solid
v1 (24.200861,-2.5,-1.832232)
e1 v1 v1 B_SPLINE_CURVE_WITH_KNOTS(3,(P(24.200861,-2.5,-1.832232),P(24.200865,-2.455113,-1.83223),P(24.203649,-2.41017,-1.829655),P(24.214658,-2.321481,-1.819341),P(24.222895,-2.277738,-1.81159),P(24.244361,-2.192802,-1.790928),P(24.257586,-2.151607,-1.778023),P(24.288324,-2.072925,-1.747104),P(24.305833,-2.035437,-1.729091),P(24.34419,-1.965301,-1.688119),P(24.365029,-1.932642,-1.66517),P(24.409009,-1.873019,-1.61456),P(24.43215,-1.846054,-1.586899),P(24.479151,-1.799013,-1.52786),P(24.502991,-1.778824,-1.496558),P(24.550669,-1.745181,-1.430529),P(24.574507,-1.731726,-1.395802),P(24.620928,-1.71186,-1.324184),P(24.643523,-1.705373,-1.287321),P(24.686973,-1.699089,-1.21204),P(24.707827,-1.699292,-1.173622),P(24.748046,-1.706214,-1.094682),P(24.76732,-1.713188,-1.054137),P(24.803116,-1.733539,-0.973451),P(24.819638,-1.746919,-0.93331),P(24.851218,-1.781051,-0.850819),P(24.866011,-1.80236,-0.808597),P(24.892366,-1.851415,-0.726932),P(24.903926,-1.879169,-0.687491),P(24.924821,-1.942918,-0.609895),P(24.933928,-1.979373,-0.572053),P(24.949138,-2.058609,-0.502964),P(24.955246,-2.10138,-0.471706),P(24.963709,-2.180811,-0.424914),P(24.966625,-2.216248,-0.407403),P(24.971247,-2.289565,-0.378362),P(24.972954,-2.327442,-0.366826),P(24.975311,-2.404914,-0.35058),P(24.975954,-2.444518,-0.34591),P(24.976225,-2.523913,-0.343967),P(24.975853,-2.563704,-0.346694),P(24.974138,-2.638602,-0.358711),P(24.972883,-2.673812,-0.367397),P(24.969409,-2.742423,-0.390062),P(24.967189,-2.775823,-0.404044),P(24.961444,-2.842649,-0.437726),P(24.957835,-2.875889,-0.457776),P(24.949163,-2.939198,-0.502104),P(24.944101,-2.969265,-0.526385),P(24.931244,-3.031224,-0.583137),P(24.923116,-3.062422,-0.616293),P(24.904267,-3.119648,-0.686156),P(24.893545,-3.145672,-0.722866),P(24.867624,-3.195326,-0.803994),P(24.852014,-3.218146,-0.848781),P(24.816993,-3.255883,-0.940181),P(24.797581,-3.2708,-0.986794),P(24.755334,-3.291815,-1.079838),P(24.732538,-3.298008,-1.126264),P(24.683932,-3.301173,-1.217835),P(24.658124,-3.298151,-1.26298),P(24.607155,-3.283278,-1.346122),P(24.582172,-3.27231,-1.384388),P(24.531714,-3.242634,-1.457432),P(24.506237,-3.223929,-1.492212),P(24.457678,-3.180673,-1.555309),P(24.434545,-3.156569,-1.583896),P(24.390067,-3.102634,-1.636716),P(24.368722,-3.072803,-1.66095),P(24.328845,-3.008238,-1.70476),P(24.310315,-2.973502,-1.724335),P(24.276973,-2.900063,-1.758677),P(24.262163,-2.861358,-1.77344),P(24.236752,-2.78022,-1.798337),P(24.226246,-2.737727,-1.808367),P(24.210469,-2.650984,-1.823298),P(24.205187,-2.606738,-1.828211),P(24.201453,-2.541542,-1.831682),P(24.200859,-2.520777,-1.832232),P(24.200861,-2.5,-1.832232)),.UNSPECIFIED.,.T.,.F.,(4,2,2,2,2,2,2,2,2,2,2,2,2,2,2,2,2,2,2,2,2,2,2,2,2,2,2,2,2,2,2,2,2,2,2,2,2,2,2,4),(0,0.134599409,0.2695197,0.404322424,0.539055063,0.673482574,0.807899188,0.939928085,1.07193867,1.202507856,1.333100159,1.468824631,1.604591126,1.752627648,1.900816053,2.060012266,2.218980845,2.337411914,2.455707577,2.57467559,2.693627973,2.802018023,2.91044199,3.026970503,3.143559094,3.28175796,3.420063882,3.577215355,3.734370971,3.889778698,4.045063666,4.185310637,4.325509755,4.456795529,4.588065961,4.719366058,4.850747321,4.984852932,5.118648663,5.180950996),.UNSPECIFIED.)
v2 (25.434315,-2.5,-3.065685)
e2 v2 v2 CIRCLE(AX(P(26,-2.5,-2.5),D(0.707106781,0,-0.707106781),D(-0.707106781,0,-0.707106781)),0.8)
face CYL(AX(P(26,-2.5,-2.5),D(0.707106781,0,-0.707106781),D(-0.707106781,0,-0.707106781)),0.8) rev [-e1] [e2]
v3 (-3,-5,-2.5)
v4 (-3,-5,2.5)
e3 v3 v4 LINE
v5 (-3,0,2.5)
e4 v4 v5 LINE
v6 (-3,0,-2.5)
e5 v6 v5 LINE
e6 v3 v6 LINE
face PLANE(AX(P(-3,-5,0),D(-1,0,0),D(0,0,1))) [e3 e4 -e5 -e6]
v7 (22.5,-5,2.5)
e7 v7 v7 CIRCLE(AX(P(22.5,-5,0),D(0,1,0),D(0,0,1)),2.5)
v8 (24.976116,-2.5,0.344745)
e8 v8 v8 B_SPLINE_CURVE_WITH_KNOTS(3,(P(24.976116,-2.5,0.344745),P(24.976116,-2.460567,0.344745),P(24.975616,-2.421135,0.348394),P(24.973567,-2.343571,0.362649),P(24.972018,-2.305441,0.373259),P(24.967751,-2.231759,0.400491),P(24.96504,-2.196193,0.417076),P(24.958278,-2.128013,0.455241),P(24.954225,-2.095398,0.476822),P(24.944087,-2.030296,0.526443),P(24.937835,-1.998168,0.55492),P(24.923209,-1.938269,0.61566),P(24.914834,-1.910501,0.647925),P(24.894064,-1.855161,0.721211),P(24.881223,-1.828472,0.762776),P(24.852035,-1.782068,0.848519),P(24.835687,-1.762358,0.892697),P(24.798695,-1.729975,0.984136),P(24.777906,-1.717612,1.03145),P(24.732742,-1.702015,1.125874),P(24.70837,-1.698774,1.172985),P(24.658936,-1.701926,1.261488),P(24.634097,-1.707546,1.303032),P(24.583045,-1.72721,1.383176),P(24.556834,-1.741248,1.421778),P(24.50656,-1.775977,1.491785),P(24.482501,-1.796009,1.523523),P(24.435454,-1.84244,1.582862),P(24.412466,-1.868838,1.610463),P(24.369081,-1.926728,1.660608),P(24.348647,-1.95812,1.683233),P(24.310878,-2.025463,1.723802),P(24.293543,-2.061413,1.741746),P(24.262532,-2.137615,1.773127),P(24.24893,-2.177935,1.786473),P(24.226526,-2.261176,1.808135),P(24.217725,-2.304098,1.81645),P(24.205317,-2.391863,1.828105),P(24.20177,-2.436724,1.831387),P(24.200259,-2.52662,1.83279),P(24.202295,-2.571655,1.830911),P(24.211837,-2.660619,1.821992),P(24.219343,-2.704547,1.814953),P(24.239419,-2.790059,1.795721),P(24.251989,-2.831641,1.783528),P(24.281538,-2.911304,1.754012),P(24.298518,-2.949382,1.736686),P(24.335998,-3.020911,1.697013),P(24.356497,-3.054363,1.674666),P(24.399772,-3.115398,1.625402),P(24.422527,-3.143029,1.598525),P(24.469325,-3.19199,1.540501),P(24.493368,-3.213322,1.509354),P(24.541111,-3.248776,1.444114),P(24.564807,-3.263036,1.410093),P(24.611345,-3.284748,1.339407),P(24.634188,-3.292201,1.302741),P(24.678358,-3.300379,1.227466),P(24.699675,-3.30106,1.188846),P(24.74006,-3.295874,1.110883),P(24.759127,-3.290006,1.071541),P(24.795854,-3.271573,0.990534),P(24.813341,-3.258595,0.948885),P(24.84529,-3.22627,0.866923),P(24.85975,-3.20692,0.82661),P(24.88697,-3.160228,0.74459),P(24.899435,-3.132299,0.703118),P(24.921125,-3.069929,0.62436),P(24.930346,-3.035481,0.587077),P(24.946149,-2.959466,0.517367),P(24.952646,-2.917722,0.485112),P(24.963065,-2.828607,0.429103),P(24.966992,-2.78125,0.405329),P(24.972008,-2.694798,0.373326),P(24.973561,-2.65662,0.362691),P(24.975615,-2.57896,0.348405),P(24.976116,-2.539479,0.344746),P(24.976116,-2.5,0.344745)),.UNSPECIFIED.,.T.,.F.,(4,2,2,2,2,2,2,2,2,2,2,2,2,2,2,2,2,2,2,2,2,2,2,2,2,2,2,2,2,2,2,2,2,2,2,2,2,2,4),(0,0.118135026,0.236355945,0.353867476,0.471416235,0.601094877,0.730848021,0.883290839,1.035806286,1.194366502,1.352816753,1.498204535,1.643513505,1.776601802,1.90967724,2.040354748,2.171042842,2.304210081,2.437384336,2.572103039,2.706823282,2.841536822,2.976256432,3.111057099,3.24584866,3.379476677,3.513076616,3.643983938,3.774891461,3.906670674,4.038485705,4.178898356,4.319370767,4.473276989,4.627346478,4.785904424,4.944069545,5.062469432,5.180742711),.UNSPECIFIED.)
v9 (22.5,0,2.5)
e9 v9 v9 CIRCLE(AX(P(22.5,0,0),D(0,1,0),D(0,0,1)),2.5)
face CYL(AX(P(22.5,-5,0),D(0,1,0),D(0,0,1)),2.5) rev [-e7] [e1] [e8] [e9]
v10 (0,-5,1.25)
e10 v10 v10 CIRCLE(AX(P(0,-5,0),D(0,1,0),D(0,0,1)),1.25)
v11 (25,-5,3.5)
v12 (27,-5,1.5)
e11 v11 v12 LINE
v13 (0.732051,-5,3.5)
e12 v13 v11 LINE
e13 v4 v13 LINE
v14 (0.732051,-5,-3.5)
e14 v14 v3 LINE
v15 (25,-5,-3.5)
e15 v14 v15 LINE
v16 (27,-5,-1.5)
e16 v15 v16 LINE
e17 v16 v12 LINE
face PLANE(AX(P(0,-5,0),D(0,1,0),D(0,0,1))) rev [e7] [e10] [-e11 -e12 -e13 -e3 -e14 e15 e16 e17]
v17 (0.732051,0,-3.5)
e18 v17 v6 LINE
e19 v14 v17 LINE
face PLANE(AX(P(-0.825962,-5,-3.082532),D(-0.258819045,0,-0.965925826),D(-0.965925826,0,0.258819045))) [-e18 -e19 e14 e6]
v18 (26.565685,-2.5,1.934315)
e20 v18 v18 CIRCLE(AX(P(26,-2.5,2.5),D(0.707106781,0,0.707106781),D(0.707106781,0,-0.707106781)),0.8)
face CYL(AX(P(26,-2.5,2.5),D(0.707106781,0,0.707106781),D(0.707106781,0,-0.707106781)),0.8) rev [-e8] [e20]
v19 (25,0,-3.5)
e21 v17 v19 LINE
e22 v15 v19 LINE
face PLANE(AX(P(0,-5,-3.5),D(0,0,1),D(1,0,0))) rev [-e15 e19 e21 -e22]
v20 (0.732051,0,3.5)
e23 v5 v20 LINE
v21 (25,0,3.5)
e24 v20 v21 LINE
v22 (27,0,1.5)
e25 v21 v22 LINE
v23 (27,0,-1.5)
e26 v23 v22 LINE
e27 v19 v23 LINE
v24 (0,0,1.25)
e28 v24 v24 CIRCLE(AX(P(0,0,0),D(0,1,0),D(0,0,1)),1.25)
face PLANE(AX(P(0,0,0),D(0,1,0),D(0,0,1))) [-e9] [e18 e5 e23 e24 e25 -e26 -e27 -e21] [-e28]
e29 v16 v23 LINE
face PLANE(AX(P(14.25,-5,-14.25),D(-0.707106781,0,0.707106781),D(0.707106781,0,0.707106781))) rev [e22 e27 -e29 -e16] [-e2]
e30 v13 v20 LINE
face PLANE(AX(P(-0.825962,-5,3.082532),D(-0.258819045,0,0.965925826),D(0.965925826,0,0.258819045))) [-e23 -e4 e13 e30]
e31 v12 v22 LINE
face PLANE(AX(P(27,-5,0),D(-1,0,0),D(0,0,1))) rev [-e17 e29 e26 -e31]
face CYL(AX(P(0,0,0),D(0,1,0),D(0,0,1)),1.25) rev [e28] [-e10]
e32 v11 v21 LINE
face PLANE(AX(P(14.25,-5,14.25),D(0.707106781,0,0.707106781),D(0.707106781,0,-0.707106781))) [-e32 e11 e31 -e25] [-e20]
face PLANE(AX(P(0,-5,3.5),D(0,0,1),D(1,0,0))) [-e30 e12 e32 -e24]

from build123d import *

# Parameters (mm, degrees)
BLOCK_R                = 2.5
BOSS_EXTRUDE1_DEPTH    = 5
M3_TAPPED_HOLE1_D      = 2.5
M2_TAPPED_HOLE1_REACH  = 27.251
M2_TAPPED_HOLE1_BORE_R = 0.8


with BuildPart() as part:
    # block → Boss-Extrude1 (new body)
    with BuildSketch(Plane(origin=(0, 0, 0), x_dir=(1, 0, 0), z_dir=(0, 1, 0))):
        Polygon((0.732050808, 3.5), (25, 3.5), (27, 1.5), (27, -1.5), (25, -3.5), (0.732050808, -3.5), (-3, -2.5), (-3, 2.5), align=None)
        with Locations(Location((22.5, 0, 0), (0, 0, 270))):
            Circle(BLOCK_R, mode=Mode.SUBTRACT)
    extrude(amount=-BOSS_EXTRUDE1_DEPTH)

    # M3 Tapped Hole1 (through all)
    with Locations(Plane(origin=(0, 0, 0), x_dir=(1, 0, 0), z_dir=(0, 1, 0))):
        with Locations((0, 0)):
            Hole(M3_TAPPED_HOLE1_D / 2)

    # M2 Tapped Hole1 bore → M2 Tapped Hole1 (cut, up to next)
    with BuildSketch(Plane(origin=(14.25, 0, -14.25), x_dir=(-0.7071067811865465, 0, -0.7071067811865486), z_dir=(0.7071067811865486, 0, -0.7071067811865465)), mode=Mode.PRIVATE) as m2_tapped_hole1_sk1:
        with Locations((-16.617009358, -2.5)):
            Circle(M2_TAPPED_HOLE1_BORE_R)
    m2_tapped_hole1_tool1 = extrude(m2_tapped_hole1_sk1.sketch, amount=-M2_TAPPED_HOLE1_REACH, mode=Mode.PRIVATE) & part.part
    m2_tapped_hole1 = m2_tapped_hole1_tool1.solids().sort_by_distance((26, -2.5, -2.5))[0]
    add(m2_tapped_hole1, mode=Mode.SUBTRACT)

    # Mirror1: M2 Tapped Hole1 across plane
    add(m2_tapped_hole1.mirror(Plane.XY), mode=Mode.SUBTRACT)


solid = part.part
